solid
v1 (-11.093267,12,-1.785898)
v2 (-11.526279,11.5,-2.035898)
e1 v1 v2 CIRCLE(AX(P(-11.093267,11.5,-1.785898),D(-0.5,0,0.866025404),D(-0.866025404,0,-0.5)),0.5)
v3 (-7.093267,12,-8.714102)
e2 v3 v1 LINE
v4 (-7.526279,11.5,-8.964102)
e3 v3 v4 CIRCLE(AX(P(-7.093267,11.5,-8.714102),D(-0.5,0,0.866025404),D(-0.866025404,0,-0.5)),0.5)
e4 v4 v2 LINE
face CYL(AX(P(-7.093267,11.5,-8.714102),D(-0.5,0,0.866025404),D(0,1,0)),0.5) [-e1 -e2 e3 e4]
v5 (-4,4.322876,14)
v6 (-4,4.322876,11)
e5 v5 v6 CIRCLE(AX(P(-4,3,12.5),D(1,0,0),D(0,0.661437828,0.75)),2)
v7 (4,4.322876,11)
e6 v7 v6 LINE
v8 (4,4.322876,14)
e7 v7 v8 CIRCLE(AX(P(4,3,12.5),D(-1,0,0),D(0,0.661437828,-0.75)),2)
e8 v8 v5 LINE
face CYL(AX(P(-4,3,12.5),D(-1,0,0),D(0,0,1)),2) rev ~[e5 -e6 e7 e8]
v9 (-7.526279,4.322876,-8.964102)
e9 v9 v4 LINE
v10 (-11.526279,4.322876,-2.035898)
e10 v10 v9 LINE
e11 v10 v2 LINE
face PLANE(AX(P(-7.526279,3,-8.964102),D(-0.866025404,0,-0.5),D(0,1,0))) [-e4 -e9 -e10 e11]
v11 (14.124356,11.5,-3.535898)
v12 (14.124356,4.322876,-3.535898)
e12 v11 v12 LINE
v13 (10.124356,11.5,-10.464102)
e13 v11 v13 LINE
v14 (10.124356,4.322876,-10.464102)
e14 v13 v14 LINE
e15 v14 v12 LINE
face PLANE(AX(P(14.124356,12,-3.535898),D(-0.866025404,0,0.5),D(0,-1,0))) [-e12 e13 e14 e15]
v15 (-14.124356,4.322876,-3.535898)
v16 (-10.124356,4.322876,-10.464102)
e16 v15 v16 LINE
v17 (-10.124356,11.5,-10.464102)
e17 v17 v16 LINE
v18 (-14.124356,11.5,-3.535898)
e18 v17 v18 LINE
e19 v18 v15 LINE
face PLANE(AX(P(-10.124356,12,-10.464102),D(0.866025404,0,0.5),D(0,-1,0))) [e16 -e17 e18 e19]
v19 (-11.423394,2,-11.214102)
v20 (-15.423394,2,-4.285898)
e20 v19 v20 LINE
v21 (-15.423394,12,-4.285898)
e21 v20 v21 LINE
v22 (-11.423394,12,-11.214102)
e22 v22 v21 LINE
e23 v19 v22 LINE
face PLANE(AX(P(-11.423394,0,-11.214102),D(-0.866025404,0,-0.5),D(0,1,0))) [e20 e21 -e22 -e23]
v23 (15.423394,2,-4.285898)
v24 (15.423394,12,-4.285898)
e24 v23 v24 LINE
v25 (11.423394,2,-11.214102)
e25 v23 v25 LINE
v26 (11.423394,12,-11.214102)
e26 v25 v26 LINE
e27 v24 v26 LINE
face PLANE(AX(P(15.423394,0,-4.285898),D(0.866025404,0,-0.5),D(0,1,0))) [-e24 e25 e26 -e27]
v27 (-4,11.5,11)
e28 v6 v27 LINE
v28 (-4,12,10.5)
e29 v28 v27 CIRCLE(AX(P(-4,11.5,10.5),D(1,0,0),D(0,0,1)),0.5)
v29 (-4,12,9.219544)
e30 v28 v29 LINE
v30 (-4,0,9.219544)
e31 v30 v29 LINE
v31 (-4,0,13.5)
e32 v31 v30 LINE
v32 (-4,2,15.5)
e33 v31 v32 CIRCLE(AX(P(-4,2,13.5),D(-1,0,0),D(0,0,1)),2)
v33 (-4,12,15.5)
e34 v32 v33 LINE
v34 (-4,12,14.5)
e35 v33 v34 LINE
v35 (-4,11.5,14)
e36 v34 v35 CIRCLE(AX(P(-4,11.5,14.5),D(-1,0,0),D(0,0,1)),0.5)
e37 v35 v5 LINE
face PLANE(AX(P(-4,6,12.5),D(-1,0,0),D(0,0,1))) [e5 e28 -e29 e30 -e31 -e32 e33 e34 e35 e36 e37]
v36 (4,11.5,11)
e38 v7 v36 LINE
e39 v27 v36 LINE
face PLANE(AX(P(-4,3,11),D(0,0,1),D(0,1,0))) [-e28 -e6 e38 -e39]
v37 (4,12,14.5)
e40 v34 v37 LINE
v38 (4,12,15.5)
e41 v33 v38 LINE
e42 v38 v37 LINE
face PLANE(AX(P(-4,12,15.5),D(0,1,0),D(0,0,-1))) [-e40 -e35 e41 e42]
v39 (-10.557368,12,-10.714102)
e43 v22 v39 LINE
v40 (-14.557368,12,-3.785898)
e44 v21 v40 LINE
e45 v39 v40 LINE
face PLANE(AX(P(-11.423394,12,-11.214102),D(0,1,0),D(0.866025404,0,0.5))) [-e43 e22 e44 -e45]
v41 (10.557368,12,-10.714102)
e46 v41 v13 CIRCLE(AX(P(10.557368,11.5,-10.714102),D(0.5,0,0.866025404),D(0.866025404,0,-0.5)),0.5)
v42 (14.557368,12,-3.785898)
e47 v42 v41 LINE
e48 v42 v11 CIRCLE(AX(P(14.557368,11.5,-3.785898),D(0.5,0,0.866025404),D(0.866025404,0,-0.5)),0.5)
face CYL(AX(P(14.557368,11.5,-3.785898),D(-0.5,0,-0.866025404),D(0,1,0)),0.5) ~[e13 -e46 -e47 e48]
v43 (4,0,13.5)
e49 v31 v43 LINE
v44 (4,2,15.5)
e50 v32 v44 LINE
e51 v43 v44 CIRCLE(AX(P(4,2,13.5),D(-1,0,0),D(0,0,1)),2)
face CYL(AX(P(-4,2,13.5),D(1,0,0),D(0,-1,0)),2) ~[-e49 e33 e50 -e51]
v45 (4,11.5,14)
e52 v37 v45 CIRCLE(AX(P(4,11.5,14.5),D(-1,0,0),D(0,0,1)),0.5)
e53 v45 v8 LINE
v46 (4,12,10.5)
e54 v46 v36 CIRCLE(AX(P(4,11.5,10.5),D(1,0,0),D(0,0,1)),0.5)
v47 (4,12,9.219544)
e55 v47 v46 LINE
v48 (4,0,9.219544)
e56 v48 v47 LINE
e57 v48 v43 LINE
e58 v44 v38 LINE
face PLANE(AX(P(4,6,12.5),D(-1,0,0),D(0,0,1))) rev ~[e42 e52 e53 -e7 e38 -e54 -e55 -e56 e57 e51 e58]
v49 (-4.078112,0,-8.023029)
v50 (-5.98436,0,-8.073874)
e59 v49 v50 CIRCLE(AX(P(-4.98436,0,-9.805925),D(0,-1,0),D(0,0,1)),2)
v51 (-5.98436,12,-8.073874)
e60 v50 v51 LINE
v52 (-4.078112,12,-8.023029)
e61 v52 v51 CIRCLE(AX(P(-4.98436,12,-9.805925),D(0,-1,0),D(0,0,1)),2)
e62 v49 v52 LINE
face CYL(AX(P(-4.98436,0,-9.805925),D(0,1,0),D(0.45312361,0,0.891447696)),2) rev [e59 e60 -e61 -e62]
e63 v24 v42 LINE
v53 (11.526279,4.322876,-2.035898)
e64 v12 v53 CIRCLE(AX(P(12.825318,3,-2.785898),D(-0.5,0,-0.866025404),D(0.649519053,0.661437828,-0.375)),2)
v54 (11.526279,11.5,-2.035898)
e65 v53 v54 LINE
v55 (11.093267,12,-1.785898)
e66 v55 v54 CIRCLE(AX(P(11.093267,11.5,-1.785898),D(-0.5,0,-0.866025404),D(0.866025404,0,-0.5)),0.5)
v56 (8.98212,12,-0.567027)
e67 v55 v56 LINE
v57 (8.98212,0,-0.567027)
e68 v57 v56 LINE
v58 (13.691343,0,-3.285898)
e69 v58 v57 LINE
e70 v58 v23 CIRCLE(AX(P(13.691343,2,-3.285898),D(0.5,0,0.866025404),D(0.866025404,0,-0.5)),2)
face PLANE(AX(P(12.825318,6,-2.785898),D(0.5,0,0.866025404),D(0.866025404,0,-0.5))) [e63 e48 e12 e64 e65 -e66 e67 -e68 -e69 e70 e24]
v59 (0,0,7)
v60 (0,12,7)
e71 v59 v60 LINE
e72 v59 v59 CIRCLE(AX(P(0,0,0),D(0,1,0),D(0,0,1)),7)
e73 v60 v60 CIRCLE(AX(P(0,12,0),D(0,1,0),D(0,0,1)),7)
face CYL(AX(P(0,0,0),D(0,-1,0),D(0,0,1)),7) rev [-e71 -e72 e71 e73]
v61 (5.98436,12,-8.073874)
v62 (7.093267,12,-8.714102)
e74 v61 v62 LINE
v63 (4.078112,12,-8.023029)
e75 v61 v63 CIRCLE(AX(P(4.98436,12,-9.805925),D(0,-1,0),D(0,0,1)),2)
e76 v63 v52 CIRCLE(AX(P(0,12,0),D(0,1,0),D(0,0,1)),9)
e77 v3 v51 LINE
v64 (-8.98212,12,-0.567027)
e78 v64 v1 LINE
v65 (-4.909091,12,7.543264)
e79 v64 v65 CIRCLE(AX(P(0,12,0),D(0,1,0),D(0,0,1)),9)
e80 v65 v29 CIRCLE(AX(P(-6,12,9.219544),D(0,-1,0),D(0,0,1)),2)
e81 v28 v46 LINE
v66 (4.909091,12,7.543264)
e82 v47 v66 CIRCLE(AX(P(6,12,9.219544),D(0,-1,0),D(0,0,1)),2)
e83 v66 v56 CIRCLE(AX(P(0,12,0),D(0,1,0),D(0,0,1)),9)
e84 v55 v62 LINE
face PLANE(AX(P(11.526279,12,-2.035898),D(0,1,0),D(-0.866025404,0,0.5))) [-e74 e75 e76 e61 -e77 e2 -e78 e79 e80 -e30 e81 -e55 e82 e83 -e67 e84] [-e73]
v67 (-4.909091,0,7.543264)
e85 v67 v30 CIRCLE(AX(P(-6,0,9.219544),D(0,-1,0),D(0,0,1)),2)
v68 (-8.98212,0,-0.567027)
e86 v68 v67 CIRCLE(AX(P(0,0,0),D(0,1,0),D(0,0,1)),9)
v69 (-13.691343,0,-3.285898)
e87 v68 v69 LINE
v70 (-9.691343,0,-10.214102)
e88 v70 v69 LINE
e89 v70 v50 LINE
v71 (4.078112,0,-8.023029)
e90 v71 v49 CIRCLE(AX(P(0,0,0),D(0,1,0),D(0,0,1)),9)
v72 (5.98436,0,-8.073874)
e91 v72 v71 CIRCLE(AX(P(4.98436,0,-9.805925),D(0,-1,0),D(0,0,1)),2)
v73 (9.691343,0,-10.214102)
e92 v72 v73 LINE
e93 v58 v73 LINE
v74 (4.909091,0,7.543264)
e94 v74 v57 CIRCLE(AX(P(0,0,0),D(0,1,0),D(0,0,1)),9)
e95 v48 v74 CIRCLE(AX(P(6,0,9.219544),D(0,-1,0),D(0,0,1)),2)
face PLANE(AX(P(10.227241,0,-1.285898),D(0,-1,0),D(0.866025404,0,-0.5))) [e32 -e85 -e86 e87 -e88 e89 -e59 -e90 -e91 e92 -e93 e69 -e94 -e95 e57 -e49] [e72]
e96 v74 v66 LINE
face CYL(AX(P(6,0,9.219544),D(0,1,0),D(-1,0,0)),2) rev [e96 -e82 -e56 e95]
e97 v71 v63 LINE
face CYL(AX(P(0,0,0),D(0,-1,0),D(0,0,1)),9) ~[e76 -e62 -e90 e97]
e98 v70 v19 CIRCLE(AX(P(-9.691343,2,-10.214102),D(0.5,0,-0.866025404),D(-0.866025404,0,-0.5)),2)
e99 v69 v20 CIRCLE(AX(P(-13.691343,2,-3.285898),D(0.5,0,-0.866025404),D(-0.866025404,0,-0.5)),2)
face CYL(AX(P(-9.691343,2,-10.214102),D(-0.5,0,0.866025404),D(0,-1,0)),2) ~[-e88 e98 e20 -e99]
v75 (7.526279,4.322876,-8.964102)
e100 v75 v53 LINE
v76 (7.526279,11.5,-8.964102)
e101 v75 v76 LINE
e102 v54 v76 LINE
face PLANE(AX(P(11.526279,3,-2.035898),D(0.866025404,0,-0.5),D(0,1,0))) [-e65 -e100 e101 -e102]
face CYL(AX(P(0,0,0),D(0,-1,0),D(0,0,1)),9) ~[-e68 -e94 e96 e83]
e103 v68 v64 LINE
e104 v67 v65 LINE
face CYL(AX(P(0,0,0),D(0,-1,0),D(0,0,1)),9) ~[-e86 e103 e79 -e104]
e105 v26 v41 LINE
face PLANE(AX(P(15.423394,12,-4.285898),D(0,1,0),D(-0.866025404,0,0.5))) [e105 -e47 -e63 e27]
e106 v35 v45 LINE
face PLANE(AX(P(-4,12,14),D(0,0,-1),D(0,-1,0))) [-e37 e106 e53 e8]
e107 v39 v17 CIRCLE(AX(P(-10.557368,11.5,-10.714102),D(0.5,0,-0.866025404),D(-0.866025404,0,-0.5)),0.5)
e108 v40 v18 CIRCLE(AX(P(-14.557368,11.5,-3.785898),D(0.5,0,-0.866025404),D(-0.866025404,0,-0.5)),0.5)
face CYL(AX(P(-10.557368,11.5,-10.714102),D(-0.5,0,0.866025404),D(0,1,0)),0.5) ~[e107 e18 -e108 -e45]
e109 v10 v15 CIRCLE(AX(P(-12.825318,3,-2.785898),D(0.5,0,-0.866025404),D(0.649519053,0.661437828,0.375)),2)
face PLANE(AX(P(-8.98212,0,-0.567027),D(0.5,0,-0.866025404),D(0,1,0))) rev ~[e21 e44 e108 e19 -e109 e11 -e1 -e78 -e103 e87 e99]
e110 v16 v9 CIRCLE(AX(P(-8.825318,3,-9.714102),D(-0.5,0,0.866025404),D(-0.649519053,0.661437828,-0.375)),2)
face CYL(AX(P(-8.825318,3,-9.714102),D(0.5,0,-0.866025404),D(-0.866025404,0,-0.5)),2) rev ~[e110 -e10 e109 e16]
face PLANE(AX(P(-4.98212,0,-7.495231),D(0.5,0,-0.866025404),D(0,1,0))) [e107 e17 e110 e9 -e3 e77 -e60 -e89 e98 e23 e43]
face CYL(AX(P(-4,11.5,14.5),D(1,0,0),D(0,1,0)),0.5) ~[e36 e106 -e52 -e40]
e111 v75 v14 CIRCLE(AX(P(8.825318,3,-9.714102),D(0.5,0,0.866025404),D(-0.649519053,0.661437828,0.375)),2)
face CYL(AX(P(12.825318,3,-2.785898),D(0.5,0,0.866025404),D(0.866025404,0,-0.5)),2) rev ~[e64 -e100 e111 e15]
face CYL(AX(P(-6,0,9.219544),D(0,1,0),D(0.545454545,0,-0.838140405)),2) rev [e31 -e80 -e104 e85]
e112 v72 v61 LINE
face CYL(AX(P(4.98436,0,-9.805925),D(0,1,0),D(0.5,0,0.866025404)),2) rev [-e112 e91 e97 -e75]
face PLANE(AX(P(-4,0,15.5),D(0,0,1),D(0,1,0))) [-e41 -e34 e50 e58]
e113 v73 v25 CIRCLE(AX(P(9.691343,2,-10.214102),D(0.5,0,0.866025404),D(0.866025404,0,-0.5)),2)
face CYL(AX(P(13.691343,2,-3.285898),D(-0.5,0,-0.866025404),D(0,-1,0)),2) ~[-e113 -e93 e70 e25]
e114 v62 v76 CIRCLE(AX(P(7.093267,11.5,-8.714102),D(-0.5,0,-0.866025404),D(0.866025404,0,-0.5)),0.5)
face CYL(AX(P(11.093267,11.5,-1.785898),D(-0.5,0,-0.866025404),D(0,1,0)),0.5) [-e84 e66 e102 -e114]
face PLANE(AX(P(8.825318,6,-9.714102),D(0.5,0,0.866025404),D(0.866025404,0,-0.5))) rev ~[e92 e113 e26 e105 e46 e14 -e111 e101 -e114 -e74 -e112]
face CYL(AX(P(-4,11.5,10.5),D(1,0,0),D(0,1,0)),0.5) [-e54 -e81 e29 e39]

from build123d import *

# Parameters (mm, degrees)
SKETCH1_R           = 9
SKETCH1_R_2         = 7
BOSS_EXTRUDE1_DEPTH = 12
BOSS_EXTRUDE2_START = -0.937742
SKETCH2_W           = 8
SKETCH2_H           = 12
BOSS_EXTRUDE2_DEPTH = 1.437742
BOSS_EXTRUDE3_DEPTH = 8
SKETCH4_R           = 2
CUT_EXTRUDE1_DEPTH  = 11
CIRPATTERN1_COUNT   = 3
FILLET1_R           = 2
FILLET2_R           = 0.5


with BuildPart() as part:
    # Sketch1 → Boss-Extrude1 (new body)
    with BuildSketch(Plane(origin=(0, 0, 0), x_dir=(1, 0, 0), z_dir=(0, 1, 0))):
        with Locations(Location((0, 0, 0), (0, 0, 270))):
            Circle(SKETCH1_R)
        with Locations(Location((0, 0, 0), (0, 0, 270))):
            Circle(SKETCH1_R_2, mode=Mode.SUBTRACT)
    extrude(amount=BOSS_EXTRUDE1_DEPTH)

    # Sketch2 → Boss-Extrude2 (add)
    with BuildSketch(Plane.XY.offset(9).offset(BOSS_EXTRUDE2_START)):
        with Locations((0, 6)):
            Rectangle(SKETCH2_W, SKETCH2_H)
    boss_extrude2 = extrude(amount=BOSS_EXTRUDE2_DEPTH)

    # Sketch3 → Boss-Extrude3 (add)
    with BuildSketch(Plane.ZY.offset(4)):
        Polygon((9.5, 0), (12.5, 0), (15.5, 0), (15.5, 12), (14, 12), (14, 3), (11, 3), (11, 12), (9.5, 12), align=None)
    boss_extrude3 = extrude(amount=-BOSS_EXTRUDE3_DEPTH)

    # Sketch4 → Cut-Extrude1 (cut)
    with BuildSketch(Plane.ZY.offset(4)):
        with Locations((12.5, 3)):
            Circle(SKETCH4_R)
    cut_extrude1 = extrude(amount=-CUT_EXTRUDE1_DEPTH, mode=Mode.SUBTRACT)

    # CirPattern1: Boss-Extrude2, Boss-Extrude3, Cut-Extrude1 ×3 about axis
    cirpattern1_axis = Axis((0, 0, 0), (0, 1, 0))
    add([boss_extrude2.rotate(cirpattern1_axis, i * 360 / CIRPATTERN1_COUNT) for i in range(1, CIRPATTERN1_COUNT)])
    add([boss_extrude3.rotate(cirpattern1_axis, i * 360 / CIRPATTERN1_COUNT) for i in range(1, CIRPATTERN1_COUNT)])
    add([cut_extrude1.rotate(cirpattern1_axis, i * 360 / CIRPATTERN1_COUNT) for i in range(1, CIRPATTERN1_COUNT)], mode=Mode.SUBTRACT)

    # Fillet1
    fillet1_edges = [part.edges().sort_by_distance(p)[0] for p in [
        (-13.423393759, 0, -7.75),
        (4, 6, 8.062258),
        (-4, 6, 8.062258),
        (0, 0, 15.5),
        (4.98212024, 6, -7.495230615),
        (-4.98212024, 6, -7.495230615),
        (13.423393759, 0, -7.75),
    ]]
    fillet(fillet1_edges, radius=FILLET1_R)

    # Fillet2
    fillet2_edges = [part.edges().sort_by_distance(p)[0] for p in [
        (-12.124355653, 12, -7),
        (0, 12, 11),
        (0, 12, 14),
        (9.526279442, 12, -5.5),
        (12.124355653, 12, -7),
        (-9.526279442, 12, -5.5),
    ]]
    fillet(fillet2_edges, radius=FILLET2_R)


solid = part.part
